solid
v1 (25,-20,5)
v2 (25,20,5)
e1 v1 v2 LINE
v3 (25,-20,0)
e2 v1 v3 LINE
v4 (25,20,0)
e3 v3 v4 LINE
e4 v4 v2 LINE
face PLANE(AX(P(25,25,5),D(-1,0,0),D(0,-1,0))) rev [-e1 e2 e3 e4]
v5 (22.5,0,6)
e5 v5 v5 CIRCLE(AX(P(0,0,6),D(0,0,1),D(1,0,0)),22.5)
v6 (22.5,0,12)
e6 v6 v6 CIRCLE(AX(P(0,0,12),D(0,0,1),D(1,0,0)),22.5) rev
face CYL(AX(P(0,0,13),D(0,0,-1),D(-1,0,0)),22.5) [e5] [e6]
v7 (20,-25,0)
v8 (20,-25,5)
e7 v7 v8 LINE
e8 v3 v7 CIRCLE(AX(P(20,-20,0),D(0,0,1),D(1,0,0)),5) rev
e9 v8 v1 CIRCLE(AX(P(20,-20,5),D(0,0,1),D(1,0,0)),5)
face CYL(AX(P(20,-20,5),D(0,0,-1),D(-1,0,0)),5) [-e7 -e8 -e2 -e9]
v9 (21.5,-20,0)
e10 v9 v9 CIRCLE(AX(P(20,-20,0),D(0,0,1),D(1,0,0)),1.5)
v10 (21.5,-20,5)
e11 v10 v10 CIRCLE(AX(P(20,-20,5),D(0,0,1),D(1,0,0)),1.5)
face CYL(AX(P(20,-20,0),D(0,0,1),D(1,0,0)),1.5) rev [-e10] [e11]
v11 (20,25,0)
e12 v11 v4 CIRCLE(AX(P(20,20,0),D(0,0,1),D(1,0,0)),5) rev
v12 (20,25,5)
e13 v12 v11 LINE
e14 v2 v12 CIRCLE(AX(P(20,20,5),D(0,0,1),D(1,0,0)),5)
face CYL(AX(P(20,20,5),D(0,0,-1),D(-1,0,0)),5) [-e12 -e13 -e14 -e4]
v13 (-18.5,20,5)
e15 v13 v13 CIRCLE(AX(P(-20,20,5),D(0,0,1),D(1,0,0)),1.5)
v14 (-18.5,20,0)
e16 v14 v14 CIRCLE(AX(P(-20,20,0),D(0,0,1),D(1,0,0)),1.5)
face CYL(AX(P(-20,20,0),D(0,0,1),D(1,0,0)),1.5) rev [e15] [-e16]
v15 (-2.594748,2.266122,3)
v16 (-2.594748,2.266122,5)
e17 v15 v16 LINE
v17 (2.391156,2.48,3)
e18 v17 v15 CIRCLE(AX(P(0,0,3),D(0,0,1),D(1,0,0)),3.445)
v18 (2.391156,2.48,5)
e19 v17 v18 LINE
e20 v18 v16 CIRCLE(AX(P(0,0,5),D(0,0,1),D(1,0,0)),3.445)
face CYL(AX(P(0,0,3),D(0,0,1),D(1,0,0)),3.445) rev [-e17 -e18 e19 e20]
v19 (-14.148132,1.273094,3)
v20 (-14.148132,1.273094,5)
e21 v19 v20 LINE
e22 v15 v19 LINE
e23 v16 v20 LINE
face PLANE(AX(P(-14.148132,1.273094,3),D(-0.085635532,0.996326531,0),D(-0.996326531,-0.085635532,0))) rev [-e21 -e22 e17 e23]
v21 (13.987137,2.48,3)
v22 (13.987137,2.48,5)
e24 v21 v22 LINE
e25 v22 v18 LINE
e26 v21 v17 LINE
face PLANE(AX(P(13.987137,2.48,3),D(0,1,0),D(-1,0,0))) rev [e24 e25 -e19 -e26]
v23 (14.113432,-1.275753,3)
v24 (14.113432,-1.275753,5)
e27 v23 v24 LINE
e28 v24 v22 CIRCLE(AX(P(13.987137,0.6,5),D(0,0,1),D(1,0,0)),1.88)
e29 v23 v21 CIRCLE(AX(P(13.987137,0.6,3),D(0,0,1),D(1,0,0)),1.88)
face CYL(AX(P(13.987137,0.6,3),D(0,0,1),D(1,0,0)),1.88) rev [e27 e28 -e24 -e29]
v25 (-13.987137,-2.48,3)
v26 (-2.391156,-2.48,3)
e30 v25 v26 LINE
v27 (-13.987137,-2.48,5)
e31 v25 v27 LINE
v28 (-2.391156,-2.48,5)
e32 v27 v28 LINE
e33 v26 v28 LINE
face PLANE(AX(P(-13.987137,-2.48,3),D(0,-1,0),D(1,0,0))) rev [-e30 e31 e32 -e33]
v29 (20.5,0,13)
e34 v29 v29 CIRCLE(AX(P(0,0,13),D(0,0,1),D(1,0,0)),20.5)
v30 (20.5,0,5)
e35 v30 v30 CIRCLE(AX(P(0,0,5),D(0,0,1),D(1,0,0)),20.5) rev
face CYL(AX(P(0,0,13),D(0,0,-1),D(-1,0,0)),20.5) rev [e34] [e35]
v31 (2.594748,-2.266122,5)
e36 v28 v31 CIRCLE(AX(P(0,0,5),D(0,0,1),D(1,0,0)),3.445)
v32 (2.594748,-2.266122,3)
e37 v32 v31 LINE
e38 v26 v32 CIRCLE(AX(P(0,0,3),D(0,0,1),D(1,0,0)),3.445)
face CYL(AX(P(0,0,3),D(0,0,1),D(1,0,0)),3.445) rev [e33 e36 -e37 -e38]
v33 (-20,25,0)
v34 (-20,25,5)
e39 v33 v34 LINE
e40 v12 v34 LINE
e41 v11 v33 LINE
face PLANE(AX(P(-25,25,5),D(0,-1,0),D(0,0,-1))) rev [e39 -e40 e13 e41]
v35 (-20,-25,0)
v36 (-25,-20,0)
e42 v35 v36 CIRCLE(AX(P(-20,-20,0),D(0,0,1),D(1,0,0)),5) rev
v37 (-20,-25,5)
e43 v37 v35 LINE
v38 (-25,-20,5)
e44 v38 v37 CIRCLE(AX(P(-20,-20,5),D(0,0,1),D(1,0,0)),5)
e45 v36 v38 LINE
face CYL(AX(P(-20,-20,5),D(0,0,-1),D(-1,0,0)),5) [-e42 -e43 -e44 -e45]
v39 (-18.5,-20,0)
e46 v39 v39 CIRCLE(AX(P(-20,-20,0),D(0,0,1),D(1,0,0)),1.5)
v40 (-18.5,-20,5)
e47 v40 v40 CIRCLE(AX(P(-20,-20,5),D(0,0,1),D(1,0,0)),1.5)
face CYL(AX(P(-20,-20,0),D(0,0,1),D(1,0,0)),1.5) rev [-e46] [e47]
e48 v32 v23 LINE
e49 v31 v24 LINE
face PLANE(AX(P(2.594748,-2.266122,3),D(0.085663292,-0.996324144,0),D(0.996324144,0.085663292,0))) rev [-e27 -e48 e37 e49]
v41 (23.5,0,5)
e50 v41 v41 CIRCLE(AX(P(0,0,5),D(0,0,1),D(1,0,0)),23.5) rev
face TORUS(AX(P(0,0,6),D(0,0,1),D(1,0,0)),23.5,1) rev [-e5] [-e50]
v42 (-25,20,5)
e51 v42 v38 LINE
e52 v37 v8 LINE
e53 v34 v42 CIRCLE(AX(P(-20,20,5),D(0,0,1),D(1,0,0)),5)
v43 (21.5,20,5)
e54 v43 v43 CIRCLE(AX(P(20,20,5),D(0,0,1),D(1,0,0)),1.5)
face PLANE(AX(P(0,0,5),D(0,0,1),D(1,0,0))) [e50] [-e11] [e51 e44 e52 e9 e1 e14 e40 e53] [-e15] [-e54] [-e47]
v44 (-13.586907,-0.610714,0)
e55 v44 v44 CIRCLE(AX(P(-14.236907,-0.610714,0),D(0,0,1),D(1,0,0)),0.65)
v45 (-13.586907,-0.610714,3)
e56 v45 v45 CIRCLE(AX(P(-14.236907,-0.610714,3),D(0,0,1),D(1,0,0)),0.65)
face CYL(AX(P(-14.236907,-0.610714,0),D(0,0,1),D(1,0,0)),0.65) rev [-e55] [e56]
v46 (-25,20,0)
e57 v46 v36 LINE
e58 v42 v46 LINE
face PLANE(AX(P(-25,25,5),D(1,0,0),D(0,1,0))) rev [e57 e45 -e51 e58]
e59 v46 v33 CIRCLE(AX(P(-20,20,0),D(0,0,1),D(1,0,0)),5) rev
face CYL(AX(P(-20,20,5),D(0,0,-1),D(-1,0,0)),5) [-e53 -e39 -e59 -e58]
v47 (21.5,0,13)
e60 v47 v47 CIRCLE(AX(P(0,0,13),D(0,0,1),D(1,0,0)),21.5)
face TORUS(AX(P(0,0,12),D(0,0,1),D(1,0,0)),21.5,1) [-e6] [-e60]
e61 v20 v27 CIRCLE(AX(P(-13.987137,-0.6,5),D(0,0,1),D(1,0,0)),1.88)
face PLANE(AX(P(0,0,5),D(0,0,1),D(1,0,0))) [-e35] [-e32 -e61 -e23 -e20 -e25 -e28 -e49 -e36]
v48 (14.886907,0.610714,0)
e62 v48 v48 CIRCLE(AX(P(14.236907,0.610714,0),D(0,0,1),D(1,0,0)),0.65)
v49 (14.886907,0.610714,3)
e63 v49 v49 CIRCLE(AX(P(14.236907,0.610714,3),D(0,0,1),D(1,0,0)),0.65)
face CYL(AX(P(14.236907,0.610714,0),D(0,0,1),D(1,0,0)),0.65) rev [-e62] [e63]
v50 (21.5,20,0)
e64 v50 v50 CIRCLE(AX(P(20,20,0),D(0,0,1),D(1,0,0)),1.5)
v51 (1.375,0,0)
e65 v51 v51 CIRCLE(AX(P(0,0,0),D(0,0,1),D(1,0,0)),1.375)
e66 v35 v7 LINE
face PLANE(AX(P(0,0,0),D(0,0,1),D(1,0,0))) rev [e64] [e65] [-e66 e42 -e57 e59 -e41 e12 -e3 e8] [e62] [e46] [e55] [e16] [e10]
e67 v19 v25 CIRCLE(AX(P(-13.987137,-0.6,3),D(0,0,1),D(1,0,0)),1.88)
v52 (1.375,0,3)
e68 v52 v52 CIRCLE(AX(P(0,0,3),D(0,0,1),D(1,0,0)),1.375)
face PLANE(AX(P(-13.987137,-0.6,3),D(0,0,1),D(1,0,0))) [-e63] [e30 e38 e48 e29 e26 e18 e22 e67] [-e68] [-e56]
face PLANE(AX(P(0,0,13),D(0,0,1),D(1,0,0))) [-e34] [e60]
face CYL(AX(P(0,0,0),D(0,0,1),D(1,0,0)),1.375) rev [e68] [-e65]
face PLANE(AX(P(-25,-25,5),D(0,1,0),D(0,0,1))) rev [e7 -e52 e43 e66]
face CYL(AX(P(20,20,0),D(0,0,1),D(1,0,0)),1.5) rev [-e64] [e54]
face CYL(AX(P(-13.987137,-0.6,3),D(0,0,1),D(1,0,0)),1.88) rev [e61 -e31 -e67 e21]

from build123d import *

# Parameters (mm, degrees)
ESQUISSE1_W             = 50
ESQUISSE1_H             = 50
BOSS_EXTRU_3_DEPTH      = 5
ESQUISSE3_R             = 22.5
ESQUISSE3_R_2           = 20.5
BOSS_EXTRU_4_DEPTH      = 8
ENL_V_MAT_EXTRU_1_DEPTH = 2
ESQUISSE5_R             = 0.65
ESQUISSE5_R_2           = 1.375
ENL_V_MAT_EXTRU_2_DEPTH = 37.742346142
CONG_1_R                = 5
ESQUISSE6_R             = 1.5
ENL_V_MAT_EXTRU_3_DEPTH = 37.249137921
CONG_2_R                = 1
CONG_3_R                = 1


with BuildPart() as part:
    # Esquisse1 → Boss.-Extru.3 (new body)
    with BuildSketch(Plane.XY):
        Rectangle(ESQUISSE1_W, ESQUISSE1_H)
    extrude(amount=BOSS_EXTRU_3_DEPTH)

    # Esquisse3 → Boss.-Extru.4 (add)
    with BuildSketch(Plane.XY.offset(5)):
        Circle(ESQUISSE3_R)
        Circle(ESQUISSE3_R_2, mode=Mode.SUBTRACT)
    extrude(amount=BOSS_EXTRU_4_DEPTH)

    # Esquisse4 → Enlèv. mat.-Extru.1 (cut)
    with BuildSketch(Plane.XY.offset(5)):
        with BuildLine():
            Line((-14.148131749, 1.273093878), (-2.594747862, 2.266121915))
            ThreePointArc((-2.594747862, 2.266121915), (-0.147642857, 3.44183477), (2.391155578, 2.48))
            Line((2.391155578, 2.48), (13.987136948, 2.48))
            ThreePointArc((13.987136948, 2.48), (15.866074919, 0.663183078), (14.113431719, -1.275753084))
            Line((14.113431719, -1.275753084), (2.594747862, -2.266121915))
            ThreePointArc((2.594747862, -2.266121915), (0.147642857, -3.44183477), (-2.391155578, -2.48))
            Line((-2.391155578, -2.48), (-13.987136948, -2.48))
            ThreePointArc((-13.987136948, -2.48), (-15.865409624, -0.680571429), (-14.148131749, 1.273093878))
        make_face()
    extrude(amount=-ENL_V_MAT_EXTRU_1_DEPTH, mode=Mode.SUBTRACT)

    # Esquisse5 → Enlèv. mat.-Extru.2 (cut, through all)
    with BuildSketch(Plane.XY.offset(3)):
        with Locations((-14.236907251, -0.610714286)):
            Circle(ESQUISSE5_R)
        with Locations((14.236907251, 0.610714286)):
            Circle(ESQUISSE5_R)
        Circle(ESQUISSE5_R_2)
    extrude(amount=-ENL_V_MAT_EXTRU_2_DEPTH, mode=Mode.SUBTRACT)

    # Congé1
    cong_1_edges = [part.edges().sort_by_distance(p)[0] for p in [
        (25, -25, 2.5),
        (-25, -25, 2.5),
        (-25, 25, 2.5),
        (25, 25, 2.5),
    ]]
    fillet(cong_1_edges, radius=CONG_1_R)

    # Esquisse6 → Enlèv. mat.-Extru.3 (cut, through all)
    with BuildSketch(Plane.XY.offset(5)):
        with Locations((-20, -20)):
            Circle(ESQUISSE6_R)
        with Locations((20, -20)):
            Circle(ESQUISSE6_R)
        with Locations((20, 20)):
            Circle(ESQUISSE6_R)
        with Locations((-20, 20)):
            Circle(ESQUISSE6_R)
    extrude(amount=-ENL_V_MAT_EXTRU_3_DEPTH, mode=Mode.SUBTRACT)

    # Congé2
    cong_2_edges = [part.edges().sort_by_distance(p)[0] for p in [
        (-22.5, 0, 5),
    ]]
    fillet(cong_2_edges, radius=CONG_2_R)

    # Congé3
    cong_3_edges = [part.edges().sort_by_distance(p)[0] for p in [
        (-22.5, 0, 13),
    ]]
    fillet(cong_3_edges, radius=CONG_3_R)


solid = part.part
